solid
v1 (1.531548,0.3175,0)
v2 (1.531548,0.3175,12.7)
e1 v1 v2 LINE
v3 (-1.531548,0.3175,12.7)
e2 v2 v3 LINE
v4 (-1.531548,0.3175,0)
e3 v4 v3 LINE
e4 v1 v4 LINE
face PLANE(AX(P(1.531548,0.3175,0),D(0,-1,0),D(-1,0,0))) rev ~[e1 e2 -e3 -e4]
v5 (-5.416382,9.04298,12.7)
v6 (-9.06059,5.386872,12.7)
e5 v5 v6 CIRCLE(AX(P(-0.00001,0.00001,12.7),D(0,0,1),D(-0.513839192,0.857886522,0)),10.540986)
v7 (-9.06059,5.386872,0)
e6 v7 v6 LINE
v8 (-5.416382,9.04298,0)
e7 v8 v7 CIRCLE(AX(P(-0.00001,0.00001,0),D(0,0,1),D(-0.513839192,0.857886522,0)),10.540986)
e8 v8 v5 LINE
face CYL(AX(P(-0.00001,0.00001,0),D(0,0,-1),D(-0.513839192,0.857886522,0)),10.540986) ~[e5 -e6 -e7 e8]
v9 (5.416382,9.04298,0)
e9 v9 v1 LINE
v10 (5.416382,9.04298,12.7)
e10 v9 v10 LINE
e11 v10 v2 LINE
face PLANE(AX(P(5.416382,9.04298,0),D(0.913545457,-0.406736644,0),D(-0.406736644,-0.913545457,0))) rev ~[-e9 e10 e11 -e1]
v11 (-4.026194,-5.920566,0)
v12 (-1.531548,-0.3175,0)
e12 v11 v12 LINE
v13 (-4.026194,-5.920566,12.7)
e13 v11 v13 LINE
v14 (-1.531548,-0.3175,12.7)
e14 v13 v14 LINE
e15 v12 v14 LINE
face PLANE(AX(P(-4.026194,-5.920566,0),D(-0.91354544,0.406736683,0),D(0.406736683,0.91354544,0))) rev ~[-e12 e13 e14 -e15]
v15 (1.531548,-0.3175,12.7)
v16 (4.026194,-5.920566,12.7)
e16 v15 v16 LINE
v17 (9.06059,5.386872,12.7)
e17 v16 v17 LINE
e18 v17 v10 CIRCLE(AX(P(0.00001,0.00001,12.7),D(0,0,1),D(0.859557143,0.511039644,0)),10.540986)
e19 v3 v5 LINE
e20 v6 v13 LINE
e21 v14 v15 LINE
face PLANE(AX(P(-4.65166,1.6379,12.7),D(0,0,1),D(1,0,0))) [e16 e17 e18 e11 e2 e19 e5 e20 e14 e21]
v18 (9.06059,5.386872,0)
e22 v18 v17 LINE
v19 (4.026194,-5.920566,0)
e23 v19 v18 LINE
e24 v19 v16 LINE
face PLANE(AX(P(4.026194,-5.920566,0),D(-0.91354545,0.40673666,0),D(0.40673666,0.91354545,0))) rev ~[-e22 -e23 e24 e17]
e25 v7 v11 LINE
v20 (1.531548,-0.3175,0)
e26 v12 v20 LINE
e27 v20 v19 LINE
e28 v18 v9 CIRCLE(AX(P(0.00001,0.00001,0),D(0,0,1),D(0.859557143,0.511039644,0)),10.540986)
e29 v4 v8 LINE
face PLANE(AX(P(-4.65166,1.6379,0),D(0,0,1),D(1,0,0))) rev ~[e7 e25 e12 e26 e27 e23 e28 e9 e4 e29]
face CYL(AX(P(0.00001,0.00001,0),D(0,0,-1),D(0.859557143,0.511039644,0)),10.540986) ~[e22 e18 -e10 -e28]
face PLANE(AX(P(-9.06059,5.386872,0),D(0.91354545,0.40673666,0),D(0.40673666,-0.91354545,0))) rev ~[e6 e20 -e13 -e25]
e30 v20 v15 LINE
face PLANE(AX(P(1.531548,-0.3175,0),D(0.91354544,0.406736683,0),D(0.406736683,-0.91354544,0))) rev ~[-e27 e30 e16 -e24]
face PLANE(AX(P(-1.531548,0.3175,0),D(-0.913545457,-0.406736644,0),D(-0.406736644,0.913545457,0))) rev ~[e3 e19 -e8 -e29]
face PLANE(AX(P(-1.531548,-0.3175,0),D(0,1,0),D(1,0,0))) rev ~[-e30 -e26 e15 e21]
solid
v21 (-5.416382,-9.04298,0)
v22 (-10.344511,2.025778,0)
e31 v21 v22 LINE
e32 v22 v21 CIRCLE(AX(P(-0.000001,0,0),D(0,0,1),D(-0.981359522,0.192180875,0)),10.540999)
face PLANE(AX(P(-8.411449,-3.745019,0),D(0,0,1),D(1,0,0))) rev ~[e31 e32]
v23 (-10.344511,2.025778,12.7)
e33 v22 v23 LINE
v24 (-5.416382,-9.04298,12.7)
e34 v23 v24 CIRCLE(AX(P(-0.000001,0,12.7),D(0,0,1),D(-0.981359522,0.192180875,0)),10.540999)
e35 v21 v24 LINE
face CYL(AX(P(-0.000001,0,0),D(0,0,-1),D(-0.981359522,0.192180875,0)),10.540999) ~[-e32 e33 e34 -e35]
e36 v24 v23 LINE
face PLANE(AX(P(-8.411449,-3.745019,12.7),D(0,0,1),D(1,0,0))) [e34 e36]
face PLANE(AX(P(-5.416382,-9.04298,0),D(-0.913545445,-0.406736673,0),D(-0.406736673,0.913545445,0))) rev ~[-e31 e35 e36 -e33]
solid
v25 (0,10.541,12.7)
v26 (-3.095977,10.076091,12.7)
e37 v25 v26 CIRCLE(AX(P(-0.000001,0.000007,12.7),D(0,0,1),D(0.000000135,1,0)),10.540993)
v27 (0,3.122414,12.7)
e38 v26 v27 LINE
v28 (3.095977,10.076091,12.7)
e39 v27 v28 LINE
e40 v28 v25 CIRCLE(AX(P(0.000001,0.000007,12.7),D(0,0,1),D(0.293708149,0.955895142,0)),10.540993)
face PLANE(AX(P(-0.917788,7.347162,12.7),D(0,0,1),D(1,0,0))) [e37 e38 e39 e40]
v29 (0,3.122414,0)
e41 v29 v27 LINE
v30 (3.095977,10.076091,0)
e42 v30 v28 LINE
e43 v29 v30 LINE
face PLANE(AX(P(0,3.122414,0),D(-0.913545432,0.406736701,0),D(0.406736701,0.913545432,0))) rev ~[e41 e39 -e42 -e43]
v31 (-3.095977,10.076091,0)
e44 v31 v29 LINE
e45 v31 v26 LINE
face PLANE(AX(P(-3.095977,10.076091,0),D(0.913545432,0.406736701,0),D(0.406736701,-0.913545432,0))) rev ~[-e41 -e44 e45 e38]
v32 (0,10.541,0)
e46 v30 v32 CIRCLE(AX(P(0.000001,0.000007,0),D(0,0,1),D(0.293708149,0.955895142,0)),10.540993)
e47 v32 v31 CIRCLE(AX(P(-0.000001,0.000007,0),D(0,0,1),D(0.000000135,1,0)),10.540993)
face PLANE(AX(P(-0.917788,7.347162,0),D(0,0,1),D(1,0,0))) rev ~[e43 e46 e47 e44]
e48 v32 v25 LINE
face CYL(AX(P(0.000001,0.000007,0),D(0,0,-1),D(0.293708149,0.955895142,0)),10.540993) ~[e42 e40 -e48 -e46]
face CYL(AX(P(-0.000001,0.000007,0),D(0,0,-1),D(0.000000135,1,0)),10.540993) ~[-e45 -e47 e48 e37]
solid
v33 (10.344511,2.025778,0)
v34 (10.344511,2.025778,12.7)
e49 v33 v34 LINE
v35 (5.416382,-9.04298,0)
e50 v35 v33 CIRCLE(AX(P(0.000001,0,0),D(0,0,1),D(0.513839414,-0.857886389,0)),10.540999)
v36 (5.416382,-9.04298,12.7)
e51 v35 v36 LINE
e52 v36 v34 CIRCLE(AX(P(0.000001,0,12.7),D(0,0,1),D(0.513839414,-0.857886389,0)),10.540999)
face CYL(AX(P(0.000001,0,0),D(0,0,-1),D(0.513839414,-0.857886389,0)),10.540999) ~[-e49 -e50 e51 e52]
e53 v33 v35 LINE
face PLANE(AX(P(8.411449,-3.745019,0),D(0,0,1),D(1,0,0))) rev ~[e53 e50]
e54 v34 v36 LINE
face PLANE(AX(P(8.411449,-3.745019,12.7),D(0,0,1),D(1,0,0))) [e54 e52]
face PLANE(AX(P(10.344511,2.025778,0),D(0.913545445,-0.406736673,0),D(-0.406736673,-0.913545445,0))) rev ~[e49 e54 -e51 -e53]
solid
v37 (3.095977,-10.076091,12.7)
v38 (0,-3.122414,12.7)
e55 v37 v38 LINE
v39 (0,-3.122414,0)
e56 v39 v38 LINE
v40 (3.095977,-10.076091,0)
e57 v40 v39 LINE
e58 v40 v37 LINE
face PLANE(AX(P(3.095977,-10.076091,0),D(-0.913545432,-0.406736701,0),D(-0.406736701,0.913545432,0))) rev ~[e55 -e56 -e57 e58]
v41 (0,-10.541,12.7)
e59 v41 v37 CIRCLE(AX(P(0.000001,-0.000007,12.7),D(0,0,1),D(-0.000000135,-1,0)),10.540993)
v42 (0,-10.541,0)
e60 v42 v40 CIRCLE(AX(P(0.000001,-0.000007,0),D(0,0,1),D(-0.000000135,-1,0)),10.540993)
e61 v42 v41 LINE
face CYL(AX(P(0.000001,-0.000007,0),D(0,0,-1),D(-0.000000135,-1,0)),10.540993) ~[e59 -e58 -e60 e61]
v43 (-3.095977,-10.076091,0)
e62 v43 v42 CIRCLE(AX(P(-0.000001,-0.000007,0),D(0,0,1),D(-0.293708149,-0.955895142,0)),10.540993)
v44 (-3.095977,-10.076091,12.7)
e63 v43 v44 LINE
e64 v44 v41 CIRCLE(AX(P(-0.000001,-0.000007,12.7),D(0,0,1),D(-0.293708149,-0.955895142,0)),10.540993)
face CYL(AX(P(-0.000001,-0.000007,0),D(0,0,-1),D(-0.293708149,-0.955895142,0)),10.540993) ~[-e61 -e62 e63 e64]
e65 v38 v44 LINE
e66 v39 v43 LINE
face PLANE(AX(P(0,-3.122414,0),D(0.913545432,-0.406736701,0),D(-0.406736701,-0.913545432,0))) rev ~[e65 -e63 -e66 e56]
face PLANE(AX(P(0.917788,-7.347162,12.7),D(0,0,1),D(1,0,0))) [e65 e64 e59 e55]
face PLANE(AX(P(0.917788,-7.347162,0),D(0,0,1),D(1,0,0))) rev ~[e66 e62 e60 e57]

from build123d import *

# Parameters (mm, degrees)
F1_DEPTH = 12.7


with BuildPart() as f1:
    # F0 (on Top) → F1 (new body)
    with BuildSketch(Plane.XY):
        with BuildLine():
            Line((0, -0.3175), (0, 0.3175))
            Line((0, 0.3175), (-1.531548, 0.3175))
            Line((-1.531548, 0.3175), (-5.416382, 9.04298))
            ThreePointArc((-5.416382, 9.04298), (-7.465753, 7.441453), (-9.06059, 5.386872))
            Line((-9.06059, 5.386872), (-4.026194, -5.920566))
            Line((-4.026194, -5.920566), (-1.531548, -0.3175))
            Line((-1.531548, -0.3175), (0, -0.3175))
        make_face()
        with BuildLine():
            Line((0, 3.122414), (0, 10.541))
            ThreePointArc((0, 10.541), (-1.565344, 10.424125), (-3.095977, 10.076091))
            Line((-3.095977, 10.076091), (0, 3.122414))
        make_face()
        with BuildLine():
            Line((1.531548, 0.3175), (0, 0.3175))
            Line((0, 0.3175), (0, -0.3175))
            Line((0, -0.3175), (1.531548, -0.3175))
            Line((1.531548, -0.3175), (4.026194, -5.920566))
            Line((4.026194, -5.920566), (9.06059, 5.386872))
            ThreePointArc((9.06059, 5.386872), (7.465753, 7.441453), (5.416382, 9.04298))
            Line((5.416382, 9.04298), (1.531548, 0.3175))
        make_face()
        with BuildLine():
            Line((10.344511, 2.025778), (5.416382, -9.04298))
            ThreePointArc((5.416382, -9.04298), (9.629683, -4.287411), (10.344511, 2.025778))
        make_face()
        with BuildLine():
            Line((0, -3.122414), (0, -10.541))
            ThreePointArc((0, -10.541), (1.565344, -10.424125), (3.095977, -10.076091))
            Line((3.095977, -10.076091), (0, -3.122414))
        make_face()
        with BuildLine():
            ThreePointArc((-3.095977, -10.076091), (-1.565344, -10.424125), (0, -10.541))
            Line((0, -10.541), (0, -3.122414))
            Line((0, -3.122414), (-3.095977, -10.076091))
        make_face()
        with BuildLine():
            ThreePointArc((-10.344511, 2.025778), (-9.629683, -4.287411), (-5.416382, -9.04298))
            Line((-5.416382, -9.04298), (-10.344511, 2.025778))
        make_face()
        with BuildLine():
            ThreePointArc((3.095977, 10.076091), (1.565344, 10.424125), (0, 10.541))
            Line((0, 10.541), (0, 3.122414))
            Line((0, 3.122414), (3.095977, 10.076091))
        make_face()
    extrude(amount=F1_DEPTH)


solid = f1.part
